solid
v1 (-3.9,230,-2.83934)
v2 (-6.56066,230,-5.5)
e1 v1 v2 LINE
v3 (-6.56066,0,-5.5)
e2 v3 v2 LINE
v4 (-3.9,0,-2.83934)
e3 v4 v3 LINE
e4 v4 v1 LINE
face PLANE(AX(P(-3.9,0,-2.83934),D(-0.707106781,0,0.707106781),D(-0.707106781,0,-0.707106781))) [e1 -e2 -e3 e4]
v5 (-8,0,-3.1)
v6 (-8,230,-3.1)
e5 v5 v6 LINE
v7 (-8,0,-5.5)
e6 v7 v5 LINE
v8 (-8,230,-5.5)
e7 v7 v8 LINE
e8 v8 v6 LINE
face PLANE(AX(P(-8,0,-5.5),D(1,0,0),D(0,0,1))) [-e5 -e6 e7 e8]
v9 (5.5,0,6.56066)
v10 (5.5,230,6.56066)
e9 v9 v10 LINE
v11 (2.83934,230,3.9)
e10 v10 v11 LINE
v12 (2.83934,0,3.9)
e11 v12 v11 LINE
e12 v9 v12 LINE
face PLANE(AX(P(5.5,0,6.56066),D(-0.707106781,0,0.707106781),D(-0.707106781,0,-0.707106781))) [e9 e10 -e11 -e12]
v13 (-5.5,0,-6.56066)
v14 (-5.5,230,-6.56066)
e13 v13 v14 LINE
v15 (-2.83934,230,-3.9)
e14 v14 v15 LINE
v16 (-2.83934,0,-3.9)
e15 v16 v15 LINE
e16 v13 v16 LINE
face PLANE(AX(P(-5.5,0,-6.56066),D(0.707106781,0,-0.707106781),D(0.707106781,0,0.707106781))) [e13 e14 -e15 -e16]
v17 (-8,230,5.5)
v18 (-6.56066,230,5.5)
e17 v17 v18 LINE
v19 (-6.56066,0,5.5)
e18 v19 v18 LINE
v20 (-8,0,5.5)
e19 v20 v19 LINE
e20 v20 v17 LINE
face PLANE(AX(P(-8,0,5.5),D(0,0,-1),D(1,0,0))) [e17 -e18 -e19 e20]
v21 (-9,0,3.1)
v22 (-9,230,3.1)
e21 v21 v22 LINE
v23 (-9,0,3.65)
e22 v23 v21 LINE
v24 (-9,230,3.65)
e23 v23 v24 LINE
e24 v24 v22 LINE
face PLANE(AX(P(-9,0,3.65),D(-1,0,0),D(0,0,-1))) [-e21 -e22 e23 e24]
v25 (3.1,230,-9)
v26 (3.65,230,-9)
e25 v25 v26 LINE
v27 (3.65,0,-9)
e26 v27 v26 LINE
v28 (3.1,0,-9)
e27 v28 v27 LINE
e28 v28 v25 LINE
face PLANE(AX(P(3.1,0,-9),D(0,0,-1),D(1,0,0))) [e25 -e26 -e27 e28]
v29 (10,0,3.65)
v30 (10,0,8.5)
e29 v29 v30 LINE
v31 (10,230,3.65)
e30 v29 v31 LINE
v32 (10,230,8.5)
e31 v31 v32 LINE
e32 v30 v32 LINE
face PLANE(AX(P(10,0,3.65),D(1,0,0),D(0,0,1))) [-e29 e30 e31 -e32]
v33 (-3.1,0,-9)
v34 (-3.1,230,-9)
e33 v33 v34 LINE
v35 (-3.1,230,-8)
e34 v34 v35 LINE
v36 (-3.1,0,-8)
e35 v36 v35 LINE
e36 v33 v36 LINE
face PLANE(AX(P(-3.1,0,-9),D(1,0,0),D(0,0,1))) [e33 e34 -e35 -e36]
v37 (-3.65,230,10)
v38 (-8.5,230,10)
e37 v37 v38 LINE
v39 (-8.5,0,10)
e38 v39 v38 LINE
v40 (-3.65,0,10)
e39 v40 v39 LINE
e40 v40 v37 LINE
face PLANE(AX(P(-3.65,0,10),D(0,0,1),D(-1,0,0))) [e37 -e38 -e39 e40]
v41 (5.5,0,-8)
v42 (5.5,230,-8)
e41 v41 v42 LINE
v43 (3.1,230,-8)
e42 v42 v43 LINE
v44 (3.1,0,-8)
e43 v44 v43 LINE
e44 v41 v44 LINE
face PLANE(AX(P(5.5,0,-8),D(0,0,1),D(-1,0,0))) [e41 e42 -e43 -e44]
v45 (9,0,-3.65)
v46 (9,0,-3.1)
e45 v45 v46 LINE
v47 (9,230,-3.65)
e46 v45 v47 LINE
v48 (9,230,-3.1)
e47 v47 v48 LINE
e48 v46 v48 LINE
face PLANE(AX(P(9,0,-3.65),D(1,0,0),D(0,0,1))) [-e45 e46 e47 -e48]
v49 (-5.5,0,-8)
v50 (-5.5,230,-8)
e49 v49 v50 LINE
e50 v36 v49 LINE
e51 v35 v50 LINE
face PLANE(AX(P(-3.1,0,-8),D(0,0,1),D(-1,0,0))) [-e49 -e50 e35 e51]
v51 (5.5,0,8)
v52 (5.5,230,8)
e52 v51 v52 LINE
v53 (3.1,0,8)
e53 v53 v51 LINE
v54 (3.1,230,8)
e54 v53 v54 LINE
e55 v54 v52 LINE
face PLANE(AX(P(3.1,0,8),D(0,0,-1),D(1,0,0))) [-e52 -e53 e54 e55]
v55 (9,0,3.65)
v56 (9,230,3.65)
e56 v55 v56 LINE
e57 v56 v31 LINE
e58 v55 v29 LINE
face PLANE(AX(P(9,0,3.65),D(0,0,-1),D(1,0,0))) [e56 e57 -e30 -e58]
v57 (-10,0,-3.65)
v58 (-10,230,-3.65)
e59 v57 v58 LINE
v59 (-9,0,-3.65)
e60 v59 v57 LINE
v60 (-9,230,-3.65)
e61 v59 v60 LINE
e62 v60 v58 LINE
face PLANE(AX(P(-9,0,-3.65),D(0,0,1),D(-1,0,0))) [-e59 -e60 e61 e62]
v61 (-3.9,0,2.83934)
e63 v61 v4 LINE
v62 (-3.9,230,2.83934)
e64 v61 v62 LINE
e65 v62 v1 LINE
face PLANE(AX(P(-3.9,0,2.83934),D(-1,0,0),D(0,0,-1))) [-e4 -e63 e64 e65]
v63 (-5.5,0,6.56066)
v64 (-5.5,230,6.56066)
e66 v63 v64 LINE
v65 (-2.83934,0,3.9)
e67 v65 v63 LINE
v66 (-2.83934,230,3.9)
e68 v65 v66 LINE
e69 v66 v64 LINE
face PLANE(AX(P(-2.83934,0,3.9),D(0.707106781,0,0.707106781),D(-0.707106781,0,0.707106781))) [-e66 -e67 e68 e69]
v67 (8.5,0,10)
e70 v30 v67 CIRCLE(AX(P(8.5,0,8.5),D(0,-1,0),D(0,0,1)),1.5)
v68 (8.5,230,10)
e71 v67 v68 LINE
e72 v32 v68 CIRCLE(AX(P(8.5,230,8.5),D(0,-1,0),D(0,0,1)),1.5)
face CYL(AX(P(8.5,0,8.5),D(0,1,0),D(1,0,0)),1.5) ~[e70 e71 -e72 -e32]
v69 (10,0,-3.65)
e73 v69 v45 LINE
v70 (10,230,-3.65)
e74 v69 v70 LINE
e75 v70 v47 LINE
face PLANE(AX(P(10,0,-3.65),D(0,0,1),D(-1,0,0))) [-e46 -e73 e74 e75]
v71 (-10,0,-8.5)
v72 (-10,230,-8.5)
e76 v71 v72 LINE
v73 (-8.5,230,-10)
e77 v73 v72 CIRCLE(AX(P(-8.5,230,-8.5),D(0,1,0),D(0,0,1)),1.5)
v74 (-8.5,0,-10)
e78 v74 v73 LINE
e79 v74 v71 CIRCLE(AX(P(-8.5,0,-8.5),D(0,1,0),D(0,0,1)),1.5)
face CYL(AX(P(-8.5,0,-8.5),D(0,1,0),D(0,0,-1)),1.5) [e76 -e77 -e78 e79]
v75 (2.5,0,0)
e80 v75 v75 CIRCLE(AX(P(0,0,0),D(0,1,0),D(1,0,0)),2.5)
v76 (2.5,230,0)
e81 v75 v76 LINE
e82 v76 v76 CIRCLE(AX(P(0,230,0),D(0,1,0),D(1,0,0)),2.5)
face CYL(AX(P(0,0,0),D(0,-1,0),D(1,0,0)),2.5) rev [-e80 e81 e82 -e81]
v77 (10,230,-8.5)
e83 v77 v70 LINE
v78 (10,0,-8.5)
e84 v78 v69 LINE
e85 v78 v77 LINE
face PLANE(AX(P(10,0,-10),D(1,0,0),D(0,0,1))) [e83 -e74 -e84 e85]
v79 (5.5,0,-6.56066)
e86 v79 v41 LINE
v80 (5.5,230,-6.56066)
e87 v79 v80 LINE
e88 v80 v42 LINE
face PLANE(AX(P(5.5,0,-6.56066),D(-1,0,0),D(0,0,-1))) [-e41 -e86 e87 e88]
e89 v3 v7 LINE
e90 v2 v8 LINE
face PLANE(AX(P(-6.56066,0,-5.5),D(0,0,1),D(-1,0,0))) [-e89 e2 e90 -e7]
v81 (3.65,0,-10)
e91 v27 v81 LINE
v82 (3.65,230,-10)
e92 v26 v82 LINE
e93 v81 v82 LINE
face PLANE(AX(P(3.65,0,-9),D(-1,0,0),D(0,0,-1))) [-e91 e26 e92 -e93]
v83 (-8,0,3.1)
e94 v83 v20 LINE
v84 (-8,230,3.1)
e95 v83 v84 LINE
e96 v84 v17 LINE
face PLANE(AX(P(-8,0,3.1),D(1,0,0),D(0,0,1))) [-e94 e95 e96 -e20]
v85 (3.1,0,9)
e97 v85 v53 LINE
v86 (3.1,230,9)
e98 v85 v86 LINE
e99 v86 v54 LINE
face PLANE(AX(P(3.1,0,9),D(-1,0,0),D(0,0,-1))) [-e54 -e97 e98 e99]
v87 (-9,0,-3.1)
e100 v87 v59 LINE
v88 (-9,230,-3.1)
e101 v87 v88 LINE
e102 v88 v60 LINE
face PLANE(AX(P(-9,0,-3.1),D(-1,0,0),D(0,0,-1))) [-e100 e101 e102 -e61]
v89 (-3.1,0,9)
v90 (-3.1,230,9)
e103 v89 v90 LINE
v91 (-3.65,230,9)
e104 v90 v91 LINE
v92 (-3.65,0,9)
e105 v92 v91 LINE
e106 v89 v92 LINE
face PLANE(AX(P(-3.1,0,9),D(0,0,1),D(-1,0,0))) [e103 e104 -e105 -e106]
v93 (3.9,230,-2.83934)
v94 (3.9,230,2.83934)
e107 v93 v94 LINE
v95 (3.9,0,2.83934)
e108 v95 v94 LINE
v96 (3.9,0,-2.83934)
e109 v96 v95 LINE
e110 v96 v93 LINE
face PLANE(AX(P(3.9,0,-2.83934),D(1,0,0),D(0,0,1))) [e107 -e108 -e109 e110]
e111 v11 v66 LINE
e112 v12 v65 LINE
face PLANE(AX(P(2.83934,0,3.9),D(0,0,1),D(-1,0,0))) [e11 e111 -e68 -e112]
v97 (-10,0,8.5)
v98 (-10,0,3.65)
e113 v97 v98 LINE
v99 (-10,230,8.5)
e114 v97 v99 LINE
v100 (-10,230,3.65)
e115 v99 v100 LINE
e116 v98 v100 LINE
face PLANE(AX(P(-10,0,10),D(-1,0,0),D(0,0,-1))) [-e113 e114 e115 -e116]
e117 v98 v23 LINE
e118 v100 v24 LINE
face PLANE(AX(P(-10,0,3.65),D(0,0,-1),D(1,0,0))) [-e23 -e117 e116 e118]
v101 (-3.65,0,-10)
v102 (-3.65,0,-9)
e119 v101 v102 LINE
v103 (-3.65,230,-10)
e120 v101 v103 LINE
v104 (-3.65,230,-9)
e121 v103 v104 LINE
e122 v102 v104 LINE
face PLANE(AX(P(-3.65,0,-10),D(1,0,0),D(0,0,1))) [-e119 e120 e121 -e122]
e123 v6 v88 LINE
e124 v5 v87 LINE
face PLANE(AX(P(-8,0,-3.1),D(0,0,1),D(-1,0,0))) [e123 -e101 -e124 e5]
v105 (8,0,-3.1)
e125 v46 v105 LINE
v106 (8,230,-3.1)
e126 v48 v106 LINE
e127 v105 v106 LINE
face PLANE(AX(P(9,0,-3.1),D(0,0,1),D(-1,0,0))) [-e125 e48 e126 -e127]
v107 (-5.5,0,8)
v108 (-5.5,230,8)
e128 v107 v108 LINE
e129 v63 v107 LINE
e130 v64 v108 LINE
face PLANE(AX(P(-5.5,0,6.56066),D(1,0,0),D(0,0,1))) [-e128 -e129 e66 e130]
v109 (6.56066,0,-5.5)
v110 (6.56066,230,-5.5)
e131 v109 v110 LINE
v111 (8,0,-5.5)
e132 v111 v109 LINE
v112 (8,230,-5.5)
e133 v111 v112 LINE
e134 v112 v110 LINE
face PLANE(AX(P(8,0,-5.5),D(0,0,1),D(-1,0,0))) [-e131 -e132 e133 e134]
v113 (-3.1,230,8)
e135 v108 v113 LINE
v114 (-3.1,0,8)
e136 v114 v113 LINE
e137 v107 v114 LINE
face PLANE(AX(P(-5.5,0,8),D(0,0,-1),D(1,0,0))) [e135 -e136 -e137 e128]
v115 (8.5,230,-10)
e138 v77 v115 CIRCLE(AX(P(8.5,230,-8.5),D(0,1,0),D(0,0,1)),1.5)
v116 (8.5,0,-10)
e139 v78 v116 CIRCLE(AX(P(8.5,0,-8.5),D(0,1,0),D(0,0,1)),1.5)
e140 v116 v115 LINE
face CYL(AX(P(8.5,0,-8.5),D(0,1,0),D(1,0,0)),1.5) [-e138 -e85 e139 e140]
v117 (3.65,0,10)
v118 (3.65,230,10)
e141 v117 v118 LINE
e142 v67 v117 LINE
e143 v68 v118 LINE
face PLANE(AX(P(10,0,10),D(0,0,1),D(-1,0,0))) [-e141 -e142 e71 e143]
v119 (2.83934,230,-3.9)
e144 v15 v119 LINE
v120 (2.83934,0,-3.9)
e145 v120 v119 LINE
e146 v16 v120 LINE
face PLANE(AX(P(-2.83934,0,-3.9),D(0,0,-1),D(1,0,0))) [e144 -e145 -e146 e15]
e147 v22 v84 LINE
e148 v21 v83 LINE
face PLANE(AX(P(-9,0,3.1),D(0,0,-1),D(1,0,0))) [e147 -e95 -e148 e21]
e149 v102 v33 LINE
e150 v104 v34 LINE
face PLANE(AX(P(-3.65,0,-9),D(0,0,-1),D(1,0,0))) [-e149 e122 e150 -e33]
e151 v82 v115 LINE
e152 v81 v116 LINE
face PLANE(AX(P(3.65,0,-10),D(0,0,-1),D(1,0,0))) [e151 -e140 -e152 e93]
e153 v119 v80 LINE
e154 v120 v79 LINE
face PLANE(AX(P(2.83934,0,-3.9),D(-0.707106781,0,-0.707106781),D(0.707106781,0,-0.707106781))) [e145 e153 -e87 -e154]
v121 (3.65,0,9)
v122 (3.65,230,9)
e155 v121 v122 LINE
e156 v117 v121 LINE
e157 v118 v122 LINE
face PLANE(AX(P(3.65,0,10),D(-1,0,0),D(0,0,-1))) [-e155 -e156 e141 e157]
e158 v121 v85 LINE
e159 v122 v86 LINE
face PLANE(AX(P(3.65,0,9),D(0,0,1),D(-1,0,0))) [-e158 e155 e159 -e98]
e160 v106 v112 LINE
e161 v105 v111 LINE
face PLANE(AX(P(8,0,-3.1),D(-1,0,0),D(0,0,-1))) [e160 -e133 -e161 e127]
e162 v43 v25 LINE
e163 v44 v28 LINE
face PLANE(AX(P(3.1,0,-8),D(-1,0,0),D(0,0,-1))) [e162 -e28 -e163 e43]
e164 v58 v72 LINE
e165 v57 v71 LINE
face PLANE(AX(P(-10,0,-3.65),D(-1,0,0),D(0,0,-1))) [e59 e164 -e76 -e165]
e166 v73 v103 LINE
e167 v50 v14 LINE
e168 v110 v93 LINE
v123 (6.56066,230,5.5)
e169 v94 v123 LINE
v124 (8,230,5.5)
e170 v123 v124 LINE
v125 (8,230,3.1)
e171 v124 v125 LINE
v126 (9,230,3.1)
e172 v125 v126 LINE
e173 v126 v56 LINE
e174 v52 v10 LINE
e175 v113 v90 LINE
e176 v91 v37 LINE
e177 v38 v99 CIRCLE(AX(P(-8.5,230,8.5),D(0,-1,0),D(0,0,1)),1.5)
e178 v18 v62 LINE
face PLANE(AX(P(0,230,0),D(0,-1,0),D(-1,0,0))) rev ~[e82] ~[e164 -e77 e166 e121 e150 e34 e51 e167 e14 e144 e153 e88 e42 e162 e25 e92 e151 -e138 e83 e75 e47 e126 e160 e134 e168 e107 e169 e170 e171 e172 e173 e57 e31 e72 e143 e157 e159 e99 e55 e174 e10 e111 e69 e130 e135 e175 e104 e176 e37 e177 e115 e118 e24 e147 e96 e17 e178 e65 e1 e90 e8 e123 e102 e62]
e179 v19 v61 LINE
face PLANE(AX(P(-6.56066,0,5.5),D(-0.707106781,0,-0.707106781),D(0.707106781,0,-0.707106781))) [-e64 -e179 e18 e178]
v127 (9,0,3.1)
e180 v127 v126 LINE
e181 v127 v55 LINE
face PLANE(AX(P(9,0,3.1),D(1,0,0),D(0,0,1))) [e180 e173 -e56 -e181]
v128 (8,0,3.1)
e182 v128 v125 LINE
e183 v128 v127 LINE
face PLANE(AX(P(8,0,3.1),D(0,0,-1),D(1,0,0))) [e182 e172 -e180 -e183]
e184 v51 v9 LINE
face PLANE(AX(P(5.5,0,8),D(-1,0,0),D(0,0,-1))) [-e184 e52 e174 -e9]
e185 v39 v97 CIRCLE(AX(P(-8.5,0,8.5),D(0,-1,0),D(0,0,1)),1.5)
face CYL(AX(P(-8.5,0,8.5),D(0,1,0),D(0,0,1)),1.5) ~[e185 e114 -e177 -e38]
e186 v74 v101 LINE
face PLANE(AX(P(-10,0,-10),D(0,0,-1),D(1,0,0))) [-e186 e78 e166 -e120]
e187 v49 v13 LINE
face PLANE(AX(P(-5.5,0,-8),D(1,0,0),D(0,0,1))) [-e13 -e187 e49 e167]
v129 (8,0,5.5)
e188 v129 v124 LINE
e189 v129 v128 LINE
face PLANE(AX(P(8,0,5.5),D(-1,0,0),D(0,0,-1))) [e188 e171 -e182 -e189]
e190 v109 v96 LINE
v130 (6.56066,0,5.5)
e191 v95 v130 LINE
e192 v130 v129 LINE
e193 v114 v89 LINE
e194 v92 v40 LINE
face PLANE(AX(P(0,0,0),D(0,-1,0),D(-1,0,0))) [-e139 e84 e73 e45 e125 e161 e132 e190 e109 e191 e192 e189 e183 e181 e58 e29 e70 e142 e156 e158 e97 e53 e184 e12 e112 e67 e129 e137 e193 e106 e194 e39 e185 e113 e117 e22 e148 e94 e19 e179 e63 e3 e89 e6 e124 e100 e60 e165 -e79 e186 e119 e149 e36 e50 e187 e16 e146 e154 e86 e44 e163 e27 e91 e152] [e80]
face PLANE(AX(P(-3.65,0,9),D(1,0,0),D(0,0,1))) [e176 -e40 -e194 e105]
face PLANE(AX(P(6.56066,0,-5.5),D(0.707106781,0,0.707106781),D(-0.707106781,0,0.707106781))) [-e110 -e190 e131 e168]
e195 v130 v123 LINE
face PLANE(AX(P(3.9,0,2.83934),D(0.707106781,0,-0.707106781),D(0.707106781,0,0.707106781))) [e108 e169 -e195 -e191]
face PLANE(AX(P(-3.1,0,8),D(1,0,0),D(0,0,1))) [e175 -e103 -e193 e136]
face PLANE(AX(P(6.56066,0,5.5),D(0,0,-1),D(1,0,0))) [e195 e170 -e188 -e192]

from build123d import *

# Parameters (mm, degrees)
SKETCH_1_R      = 2.5
EXTRUDE_1_DEPTH = 230
FILLET_1_R      = 1.5


with BuildPart() as part:
    # 草图1 → 凸台-拉伸1 (new body)
    with BuildSketch(Plane(origin=(0, 0, 0), x_dir=(1, 0, 0), z_dir=(0, 1, 0))):
        Polygon((3.9, 2.839339828), (3.9, -2.839339828), (6.560660172, -5.5), (8, -5.5), (8, -3.1), (9, -3.1), (9, -3.65), (10, -3.65), (10, -10), (3.65, -10), (3.65, -9), (3.1, -9), (3.1, -8), (5.5, -8), (5.5, -6.560660172), (2.839339828, -3.9), (-2.839339828, -3.9), (-5.5, -6.560660172), (-5.5, -8), (-3.1, -8), (-3.1, -9), (-3.65, -9), (-3.65, -10), (-10, -10), (-10, -3.65), (-9, -3.65), (-9, -3.1), (-8, -3.1), (-8, -5.5), (-6.560660172, -5.5), (-3.9, -2.839339828), (-3.9, 2.839339828), (-6.560660172, 5.5), (-8, 5.5), (-8, 3.1), (-9, 3.1), (-9, 3.65), (-10, 3.65), (-10, 10), (-3.65, 10), (-3.65, 9), (-3.1, 9), (-3.1, 8), (-5.5, 8), (-5.5, 6.560660172), (-2.839339828, 3.9), (2.839339828, 3.9), (5.5, 6.560660172), (5.5, 8), (3.1, 8), (3.1, 9), (3.65, 9), (3.65, 10), (10, 10), (10, 3.65), (9, 3.65), (9, 3.1), (8, 3.1), (8, 5.5), (6.560660172, 5.5), align=None)
        Circle(SKETCH_1_R, mode=Mode.SUBTRACT)
    extrude(amount=EXTRUDE_1_DEPTH)

    # 圆角1
    fillet_1_edges = [part.edges().sort_by_distance(p)[0] for p in [
        (-10, 115, 10),
        (-10, 115, -10),
        (10, 115, -10),
        (10, 115, 10),
    ]]
    fillet(fillet_1_edges, radius=FILLET_1_R)


solid = part.part
